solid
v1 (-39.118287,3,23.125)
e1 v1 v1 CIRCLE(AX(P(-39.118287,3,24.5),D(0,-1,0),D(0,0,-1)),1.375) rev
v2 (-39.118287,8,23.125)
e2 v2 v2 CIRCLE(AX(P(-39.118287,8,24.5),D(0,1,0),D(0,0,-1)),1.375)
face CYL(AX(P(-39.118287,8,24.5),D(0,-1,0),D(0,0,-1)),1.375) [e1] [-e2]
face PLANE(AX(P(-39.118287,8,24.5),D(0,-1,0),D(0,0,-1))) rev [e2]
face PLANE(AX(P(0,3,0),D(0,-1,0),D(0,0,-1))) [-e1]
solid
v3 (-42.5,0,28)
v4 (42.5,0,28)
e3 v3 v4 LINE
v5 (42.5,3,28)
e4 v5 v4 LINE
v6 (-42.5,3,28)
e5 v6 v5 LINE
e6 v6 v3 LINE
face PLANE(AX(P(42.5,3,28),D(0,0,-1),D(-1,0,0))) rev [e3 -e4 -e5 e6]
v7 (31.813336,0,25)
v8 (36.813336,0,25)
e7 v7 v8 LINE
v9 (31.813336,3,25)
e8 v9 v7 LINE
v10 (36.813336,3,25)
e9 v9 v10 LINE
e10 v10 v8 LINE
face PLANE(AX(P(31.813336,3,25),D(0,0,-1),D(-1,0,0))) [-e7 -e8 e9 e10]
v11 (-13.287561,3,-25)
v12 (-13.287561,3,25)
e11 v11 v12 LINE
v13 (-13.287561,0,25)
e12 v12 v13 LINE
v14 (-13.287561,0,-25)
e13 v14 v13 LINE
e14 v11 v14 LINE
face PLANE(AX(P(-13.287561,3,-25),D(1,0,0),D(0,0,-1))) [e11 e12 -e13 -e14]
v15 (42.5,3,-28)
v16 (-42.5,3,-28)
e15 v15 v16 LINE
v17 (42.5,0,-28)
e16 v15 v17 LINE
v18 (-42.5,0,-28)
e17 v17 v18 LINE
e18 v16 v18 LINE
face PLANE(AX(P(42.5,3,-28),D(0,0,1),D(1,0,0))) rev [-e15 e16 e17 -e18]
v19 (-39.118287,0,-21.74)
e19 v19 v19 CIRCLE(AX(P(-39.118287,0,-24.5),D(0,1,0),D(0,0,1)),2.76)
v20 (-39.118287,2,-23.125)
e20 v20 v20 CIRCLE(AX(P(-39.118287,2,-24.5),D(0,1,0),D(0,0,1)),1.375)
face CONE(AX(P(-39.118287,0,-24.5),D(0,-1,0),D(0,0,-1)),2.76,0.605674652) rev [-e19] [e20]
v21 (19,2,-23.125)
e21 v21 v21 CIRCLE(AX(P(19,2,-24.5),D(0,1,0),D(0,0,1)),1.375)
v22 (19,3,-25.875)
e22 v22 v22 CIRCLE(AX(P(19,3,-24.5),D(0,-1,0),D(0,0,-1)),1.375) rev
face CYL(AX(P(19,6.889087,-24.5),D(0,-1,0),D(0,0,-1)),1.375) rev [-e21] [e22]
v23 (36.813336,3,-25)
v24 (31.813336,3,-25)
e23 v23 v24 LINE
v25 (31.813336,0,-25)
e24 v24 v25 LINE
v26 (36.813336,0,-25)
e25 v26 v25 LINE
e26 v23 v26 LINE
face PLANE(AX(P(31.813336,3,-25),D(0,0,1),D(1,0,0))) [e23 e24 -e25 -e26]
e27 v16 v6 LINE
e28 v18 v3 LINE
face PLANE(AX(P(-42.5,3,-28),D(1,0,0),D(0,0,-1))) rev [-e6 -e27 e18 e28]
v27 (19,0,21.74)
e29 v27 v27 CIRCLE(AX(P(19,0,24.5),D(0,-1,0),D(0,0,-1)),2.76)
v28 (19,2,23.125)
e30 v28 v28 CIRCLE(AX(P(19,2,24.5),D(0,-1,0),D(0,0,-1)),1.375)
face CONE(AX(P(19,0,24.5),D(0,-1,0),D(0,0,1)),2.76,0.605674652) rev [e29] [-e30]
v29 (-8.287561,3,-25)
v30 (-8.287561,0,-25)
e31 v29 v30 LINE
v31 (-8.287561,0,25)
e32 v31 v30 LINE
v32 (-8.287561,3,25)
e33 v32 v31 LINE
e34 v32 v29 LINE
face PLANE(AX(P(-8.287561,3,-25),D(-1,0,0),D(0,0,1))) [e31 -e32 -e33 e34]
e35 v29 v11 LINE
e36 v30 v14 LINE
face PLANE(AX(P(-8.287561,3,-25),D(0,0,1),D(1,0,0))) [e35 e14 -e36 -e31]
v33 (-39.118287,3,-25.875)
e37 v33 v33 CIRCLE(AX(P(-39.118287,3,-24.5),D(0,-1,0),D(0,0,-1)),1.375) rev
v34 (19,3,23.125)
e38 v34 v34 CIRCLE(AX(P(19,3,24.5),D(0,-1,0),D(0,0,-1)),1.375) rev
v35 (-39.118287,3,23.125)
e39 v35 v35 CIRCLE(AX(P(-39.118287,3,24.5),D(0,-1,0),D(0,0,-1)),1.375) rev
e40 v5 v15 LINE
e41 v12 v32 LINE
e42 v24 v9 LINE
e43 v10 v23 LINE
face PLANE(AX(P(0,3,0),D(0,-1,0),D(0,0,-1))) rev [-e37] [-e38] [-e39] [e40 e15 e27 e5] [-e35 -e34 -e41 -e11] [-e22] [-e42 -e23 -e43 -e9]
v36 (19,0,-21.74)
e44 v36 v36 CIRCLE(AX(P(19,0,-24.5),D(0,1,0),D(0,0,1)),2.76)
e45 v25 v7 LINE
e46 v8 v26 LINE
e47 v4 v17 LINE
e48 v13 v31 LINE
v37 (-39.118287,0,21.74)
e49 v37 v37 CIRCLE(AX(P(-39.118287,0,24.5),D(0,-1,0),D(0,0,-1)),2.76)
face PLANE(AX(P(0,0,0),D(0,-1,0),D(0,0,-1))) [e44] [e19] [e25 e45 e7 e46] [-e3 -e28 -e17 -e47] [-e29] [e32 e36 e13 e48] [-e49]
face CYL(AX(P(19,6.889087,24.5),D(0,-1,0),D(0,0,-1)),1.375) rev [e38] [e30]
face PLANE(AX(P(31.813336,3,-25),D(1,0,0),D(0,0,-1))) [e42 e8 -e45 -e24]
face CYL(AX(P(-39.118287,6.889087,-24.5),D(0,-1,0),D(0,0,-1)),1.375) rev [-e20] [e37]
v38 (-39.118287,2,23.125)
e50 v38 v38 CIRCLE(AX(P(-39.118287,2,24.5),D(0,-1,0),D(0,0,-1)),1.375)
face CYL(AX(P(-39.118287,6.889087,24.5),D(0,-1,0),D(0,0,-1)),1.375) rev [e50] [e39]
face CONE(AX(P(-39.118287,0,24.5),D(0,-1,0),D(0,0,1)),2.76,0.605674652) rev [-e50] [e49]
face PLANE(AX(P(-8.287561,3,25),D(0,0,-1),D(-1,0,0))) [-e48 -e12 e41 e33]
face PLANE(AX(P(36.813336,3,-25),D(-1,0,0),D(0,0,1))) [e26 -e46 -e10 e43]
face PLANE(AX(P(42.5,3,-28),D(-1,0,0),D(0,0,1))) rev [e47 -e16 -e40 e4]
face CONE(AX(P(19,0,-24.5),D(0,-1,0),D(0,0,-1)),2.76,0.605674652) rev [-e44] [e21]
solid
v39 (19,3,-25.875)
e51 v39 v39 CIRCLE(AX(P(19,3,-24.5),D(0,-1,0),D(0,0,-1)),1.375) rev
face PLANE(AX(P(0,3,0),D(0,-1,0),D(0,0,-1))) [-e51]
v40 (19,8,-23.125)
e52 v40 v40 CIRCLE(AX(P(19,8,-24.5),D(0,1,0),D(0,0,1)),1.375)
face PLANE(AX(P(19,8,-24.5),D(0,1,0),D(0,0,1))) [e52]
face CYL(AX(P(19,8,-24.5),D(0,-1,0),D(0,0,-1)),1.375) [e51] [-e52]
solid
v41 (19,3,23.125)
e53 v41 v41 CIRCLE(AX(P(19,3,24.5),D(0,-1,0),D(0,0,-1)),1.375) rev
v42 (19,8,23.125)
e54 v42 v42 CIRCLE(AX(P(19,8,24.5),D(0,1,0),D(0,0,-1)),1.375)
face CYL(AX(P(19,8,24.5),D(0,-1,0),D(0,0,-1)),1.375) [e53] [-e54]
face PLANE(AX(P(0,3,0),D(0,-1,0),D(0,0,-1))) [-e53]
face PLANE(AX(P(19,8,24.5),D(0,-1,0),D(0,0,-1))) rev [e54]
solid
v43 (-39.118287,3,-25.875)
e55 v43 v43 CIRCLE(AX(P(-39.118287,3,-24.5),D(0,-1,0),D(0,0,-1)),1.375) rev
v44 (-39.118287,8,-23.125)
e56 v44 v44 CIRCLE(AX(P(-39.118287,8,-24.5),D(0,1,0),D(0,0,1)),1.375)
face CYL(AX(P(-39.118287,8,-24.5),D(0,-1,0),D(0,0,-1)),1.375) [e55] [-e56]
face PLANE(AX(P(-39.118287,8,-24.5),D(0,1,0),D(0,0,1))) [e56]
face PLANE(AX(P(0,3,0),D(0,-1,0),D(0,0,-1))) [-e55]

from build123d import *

# Parameters (mm, degrees)
ESQUISSE1_W             = 85
ESQUISSE1_H             = 56
ESQUISSE1_W_2           = 5
ESQUISSE1_H_2           = 50
BASE_DEPTH              = 3
ESQUISSE2_R             = 1.375
BOSS_ENTRETOISE_DEPTH   = 5
ESQUISSE3_R             = 1.375
ENL_V_MAT_EXTRU_1_DEPTH = 3


with BuildPart() as part:
    # Esquisse1 → BASE (new body)
    with BuildSketch(Plane(origin=(0, 0, 0), x_dir=(1, 0, 0), z_dir=(0, 1, 0))):
        Rectangle(ESQUISSE1_W, ESQUISSE1_H)
        with Locations((-10.787560704, 0)):
            Rectangle(ESQUISSE1_W_2, ESQUISSE1_H_2, mode=Mode.SUBTRACT)
        with Locations((34.31333568, 0)):
            Rectangle(ESQUISSE1_W_2, ESQUISSE1_H_2, mode=Mode.SUBTRACT)
    extrude(amount=BASE_DEPTH)

    # Esquisse2 → BOSS - ENTRETOISE (add)
    with BuildSketch(Plane(origin=(0, 3, 0), x_dir=(1, 0, 0), z_dir=(0, 1, 0))):
        with Locations(Location((-39.118286513, 24.5, 0), (0, 0, 90))):
            Circle(ESQUISSE2_R)
        with Locations(Location((-39.118286513, -24.5, 0), (0, 0, 90))):
            Circle(ESQUISSE2_R)
        with Locations(Location((19, 24.5, 0), (0, 0, 90))):
            Circle(ESQUISSE2_R)
        with Locations(Location((19, -24.5, 0), (0, 0, 90))):
            Circle(ESQUISSE2_R)
    extrude(amount=BOSS_ENTRETOISE_DEPTH)

    # Esquisse3 → Enlèv. mat.-Extru.1 (cut)
    with BuildSketch(Plane.XZ):
        with Locations(Location((19, 24.5, 0), (0, 0, 270))):
            Circle(ESQUISSE3_R)
        with Locations(Location((19, -24.5, 0), (0, 0, 270))):
            Circle(ESQUISSE3_R)
        with Locations(Location((-39.118286513, -24.5, 0), (0, 0, 270))):
            Circle(ESQUISSE3_R)
        with Locations(Location((-39.118286513, 24.5, 0), (0, 0, 270))):
            Circle(ESQUISSE3_R)
    extrude(amount=-ENL_V_MAT_EXTRU_1_DEPTH, mode=Mode.SUBTRACT)


with BuildPart() as enl_v_mat_extru_1_piece_1:
    # of the separate pieces the step leaves, piece 1, a body of its own (enl_v_mat_extru_1_pieces)
    add(part.part.solids().sort_by_distance((42.5, 0, -28))[0])

    # Esquisse4 → VIDE VIS 1 (revolve, cut)
    with BuildSketch(Plane.XY.offset(-24.5), mode=Mode.PRIVATE) as vide_vis_1_sk:
        Polygon((19, 2), (20.375, 2), (21.76, 0), (19, 0), align=None)
    vide_vis_1 = revolve(vide_vis_1_sk.sketch.rotate(Axis((19, 3, -24.5), (0, -1, 0)), 270), axis=Axis((19, 3, -24.5), (0, -1, 0)), mode=Mode.SUBTRACT)

    # Esquisse5 → VIDE VIS 2 (revolve, cut)
    with BuildSketch(Plane.XY.offset(-24.5), mode=Mode.PRIVATE) as vide_vis_2_sk:
        Polygon((-39.118286513, 2), (-37.743286513, 2), (-36.358286513, 0), (-39.118286513, 0), align=None)
    vide_vis_2 = revolve(vide_vis_2_sk.sketch.rotate(Axis((-39.118286513, 3, -24.5), (0, -1, 0)), 270), axis=Axis((-39.118286513, 3, -24.5), (0, -1, 0)), mode=Mode.SUBTRACT)

    # SYM VIS: VIDE VIS 1, VIDE VIS 2 across plane
    add(vide_vis_1.mirror(Plane.XY), mode=Mode.SUBTRACT)
    add(vide_vis_2.mirror(Plane.XY), mode=Mode.SUBTRACT)


with BuildPart() as enl_v_mat_extru_1_piece_2:
    # of the separate pieces the step leaves, piece 2, a body of its own (enl_v_mat_extru_1_pieces)
    add(part.part.solids().sort_by_distance((-39.118286513, 8, 23.125))[0])


with BuildPart() as enl_v_mat_extru_1_piece_3:
    # of the separate pieces the step leaves, piece 3, a body of its own (enl_v_mat_extru_1_pieces)
    add(part.part.solids().sort_by_distance((-39.118286513, 8, -25.875))[0])


with BuildPart() as enl_v_mat_extru_1_piece_4:
    # of the separate pieces the step leaves, piece 4, a body of its own (enl_v_mat_extru_1_pieces)
    add(part.part.solids().sort_by_distance((19, 8, -25.875))[0])


with BuildPart() as enl_v_mat_extru_1_piece_5:
    # of the separate pieces the step leaves, piece 5, a body of its own (enl_v_mat_extru_1_pieces)
    add(part.part.solids().sort_by_distance((19, 8, 23.125))[0])


solid = Compound([enl_v_mat_extru_1_piece_1.part, enl_v_mat_extru_1_piece_2.part, enl_v_mat_extru_1_piece_3.part, enl_v_mat_extru_1_piece_4.part, enl_v_mat_extru_1_piece_5.part])
